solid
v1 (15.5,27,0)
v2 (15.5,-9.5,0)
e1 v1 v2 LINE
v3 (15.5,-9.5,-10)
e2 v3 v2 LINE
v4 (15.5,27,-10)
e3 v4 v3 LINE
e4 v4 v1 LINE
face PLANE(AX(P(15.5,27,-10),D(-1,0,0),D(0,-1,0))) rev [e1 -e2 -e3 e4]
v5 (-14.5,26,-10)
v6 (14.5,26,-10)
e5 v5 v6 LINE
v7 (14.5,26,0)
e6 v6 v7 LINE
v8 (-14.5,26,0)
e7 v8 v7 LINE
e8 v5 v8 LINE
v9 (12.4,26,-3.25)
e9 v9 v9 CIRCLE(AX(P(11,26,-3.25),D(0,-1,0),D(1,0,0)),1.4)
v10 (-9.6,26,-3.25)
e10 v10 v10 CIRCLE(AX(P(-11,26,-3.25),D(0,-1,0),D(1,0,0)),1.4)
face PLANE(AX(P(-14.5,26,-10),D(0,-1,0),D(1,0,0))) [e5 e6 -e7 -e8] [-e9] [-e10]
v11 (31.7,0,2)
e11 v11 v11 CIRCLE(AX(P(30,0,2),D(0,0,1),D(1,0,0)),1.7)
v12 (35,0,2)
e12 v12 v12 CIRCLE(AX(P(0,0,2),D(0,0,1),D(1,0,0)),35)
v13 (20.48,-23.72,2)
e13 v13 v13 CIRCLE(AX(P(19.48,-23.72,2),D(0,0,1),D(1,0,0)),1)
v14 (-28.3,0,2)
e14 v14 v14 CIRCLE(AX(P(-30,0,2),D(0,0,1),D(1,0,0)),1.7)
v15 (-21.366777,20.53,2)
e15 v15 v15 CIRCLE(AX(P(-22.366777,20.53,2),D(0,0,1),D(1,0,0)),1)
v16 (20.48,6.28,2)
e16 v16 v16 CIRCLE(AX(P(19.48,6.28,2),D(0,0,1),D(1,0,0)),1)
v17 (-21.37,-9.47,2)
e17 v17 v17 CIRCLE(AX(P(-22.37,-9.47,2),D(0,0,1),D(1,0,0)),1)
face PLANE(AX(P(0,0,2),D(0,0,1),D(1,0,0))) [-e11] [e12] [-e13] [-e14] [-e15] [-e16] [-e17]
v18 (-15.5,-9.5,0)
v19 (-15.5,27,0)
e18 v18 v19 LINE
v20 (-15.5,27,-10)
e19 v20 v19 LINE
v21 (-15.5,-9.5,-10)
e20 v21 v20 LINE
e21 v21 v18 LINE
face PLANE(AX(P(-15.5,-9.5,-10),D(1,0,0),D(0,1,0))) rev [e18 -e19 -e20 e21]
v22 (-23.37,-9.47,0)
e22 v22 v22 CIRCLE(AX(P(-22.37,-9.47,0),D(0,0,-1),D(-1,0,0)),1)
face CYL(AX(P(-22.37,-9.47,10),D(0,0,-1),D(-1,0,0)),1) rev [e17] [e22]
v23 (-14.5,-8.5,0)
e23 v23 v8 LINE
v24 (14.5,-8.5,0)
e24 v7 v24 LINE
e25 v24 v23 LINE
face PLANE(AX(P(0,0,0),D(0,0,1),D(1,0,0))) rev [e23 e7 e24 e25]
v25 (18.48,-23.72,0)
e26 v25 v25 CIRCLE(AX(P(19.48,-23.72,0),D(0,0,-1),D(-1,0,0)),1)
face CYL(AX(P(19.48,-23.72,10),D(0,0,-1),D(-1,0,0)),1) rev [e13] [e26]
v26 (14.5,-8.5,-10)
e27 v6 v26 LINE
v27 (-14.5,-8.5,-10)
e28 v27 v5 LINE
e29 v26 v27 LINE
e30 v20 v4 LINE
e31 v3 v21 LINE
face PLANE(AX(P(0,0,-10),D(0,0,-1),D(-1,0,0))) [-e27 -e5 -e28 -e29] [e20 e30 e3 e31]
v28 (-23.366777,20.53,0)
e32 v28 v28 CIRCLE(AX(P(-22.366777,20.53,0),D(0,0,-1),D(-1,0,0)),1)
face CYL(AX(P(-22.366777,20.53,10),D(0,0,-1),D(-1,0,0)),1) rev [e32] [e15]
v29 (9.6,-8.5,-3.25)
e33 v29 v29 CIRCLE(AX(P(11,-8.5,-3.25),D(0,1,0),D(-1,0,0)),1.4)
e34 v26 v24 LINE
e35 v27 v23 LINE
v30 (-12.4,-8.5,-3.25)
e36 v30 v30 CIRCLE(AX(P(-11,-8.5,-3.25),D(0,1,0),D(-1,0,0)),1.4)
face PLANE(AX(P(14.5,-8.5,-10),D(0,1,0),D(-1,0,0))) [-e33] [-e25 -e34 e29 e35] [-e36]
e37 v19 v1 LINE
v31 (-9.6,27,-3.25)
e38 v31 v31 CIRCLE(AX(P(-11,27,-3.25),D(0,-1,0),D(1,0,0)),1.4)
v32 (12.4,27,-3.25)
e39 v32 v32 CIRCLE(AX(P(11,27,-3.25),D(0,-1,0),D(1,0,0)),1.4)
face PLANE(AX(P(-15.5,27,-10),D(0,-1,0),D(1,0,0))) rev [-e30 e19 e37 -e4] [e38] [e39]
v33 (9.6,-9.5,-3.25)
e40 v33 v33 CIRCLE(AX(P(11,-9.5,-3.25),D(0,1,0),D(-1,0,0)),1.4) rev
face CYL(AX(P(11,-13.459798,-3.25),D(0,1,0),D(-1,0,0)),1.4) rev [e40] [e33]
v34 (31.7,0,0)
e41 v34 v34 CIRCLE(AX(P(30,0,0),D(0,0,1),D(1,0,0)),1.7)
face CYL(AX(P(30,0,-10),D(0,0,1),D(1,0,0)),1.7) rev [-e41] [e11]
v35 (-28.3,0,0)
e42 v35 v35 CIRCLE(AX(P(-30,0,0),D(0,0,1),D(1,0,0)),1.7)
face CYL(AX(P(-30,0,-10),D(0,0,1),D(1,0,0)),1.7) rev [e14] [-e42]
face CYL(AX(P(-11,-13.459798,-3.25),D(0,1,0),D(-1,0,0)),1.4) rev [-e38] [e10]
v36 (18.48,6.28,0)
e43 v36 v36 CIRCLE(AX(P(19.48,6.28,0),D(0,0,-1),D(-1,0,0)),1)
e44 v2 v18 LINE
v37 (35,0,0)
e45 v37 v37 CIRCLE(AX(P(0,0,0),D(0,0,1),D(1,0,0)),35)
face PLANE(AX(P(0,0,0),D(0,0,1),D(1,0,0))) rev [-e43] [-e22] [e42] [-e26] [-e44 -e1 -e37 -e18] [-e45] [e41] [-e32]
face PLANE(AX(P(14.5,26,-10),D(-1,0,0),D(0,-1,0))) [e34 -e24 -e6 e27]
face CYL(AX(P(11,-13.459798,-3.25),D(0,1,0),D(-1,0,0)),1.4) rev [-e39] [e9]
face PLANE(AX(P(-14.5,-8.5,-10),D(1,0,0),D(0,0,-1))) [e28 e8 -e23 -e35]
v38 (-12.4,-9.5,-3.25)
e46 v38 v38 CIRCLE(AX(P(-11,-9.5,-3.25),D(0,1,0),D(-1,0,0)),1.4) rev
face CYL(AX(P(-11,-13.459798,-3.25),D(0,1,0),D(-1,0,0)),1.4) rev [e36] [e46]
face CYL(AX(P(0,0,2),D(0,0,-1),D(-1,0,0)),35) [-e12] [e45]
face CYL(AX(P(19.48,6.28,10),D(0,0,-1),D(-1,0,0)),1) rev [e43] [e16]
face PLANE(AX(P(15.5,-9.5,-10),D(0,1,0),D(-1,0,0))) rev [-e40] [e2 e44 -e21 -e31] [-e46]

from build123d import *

# Parameters (mm, degrees)
SKETCH1_R                      = 35
BOSS_EXTRUDE1_DEPTH            = 2
SKETCH2_W                      = 31
SKETCH2_H                      = 36.5
SKETCH2_W_2                    = 29
SKETCH2_H_2                    = 34.5
BOSS_EXTRUDE2_DEPTH            = 10
SKETCH3_R                      = 1
CUT_EXTRUDE1_DEPTH             = 10
CUT_EXTRUDE2_REACH             = 58.721
SKETCH5_R                      = 1.4
CUT_EXTRUDE2_DIRECTION_2_REACH = 58.721
SKETCH6_R                      = 1.7
CUT_EXTRUDE3_DEPTH             = 51.931326313


with BuildPart() as part:
    # Sketch1 → Boss-Extrude1 (new body)
    with BuildSketch(Plane.XY):
        Circle(SKETCH1_R)
    extrude(amount=BOSS_EXTRUDE1_DEPTH)

    # Sketch2 → Boss-Extrude2 (add)
    with BuildSketch(Plane(origin=(0, 0, 0), x_dir=(-1, 0, 0), z_dir=(0, 0, -1))):
        with Locations((0, 8.75)):
            Rectangle(SKETCH2_W, SKETCH2_H)
        with Locations((0, 8.75)):
            Rectangle(SKETCH2_W_2, SKETCH2_H_2, mode=Mode.SUBTRACT)
    extrude(amount=BOSS_EXTRUDE2_DEPTH)

    # Sketch3 → Cut-Extrude1 (cut)
    with BuildSketch(Plane(origin=(0, 0, 0), x_dir=(-1, 0, 0), z_dir=(0, 0, -1))):
        with Locations((22.366777203, 20.53)):
            Circle(SKETCH3_R)
        with Locations((22.37, -9.469999827)):
            Circle(SKETCH3_R)
        with Locations((-19.48, 6.28)):
            Circle(SKETCH3_R)
        with Locations((-19.48, -23.72)):
            Circle(SKETCH3_R)
    extrude(amount=-CUT_EXTRUDE1_DEPTH, mode=Mode.SUBTRACT)

    # Cut-Extrude2: up to this face of the body (flat: up to its plane)
    cut_extrude2_end = Plane(part.part.faces().sort_by_distance((0, -9.5, -5))[0])
    # Sketch5 → Cut-Extrude2 (cut, up to the picked face)
    with BuildSketch(Plane(origin=(0, -8.5, 0), x_dir=(1, 0, 0), z_dir=(0, 1, 0)), mode=Mode.PRIVATE) as cut_extrude2_sk1:
        with Locations((-11, 3.25)):
            Circle(SKETCH5_R)
    cut_extrude2_tool1 = split(extrude(cut_extrude2_sk1.sketch, amount=-CUT_EXTRUDE2_REACH, mode=Mode.PRIVATE), bisect_by=cut_extrude2_end, keep=Keep.BOTH, mode=Mode.PRIVATE)
    # Sketch5 → Cut-Extrude2 (cut, up to the picked face)
    with BuildSketch(Plane(origin=(0, -8.5, 0), x_dir=(1, 0, 0), z_dir=(0, 1, 0)), mode=Mode.PRIVATE) as cut_extrude2_sk2:
        with Locations((11, 3.25)):
            Circle(SKETCH5_R)
    cut_extrude2_tool2 = split(extrude(cut_extrude2_sk2.sketch, amount=-CUT_EXTRUDE2_REACH, mode=Mode.PRIVATE), bisect_by=cut_extrude2_end, keep=Keep.BOTH, mode=Mode.PRIVATE)
    add(cut_extrude2_tool1.solids().sort_by(Axis((-11, -8.5, -3.25), (0, -1, 0)))[0], mode=Mode.SUBTRACT)
    add(cut_extrude2_tool2.solids().sort_by(Axis((11, -8.5, -3.25), (0, -1, 0)))[0], mode=Mode.SUBTRACT)

    # Cut-Extrude2 direction 2: up to this face of the body (flat: up to its plane)
    cut_extrude2_direction_2_end = Plane(part.part.faces().sort_by_distance((0, 27, -5))[0])
    # Sketch5 → Cut-Extrude2 direction 2 (cut, up to the picked face)
    with BuildSketch(Plane(origin=(0, -8.5, 0), x_dir=(1, 0, 0), z_dir=(0, 1, 0)), mode=Mode.PRIVATE) as cut_extrude2_direction_2_sk1:
        with Locations((-11, 3.25)):
            Circle(SKETCH5_R)
    cut_extrude2_direction_2_tool1 = split(extrude(cut_extrude2_direction_2_sk1.sketch, amount=CUT_EXTRUDE2_DIRECTION_2_REACH, mode=Mode.PRIVATE), bisect_by=cut_extrude2_direction_2_end, keep=Keep.BOTH, mode=Mode.PRIVATE)
    # Sketch5 → Cut-Extrude2 direction 2 (cut, up to the picked face)
    with BuildSketch(Plane(origin=(0, -8.5, 0), x_dir=(1, 0, 0), z_dir=(0, 1, 0)), mode=Mode.PRIVATE) as cut_extrude2_direction_2_sk2:
        with Locations((11, 3.25)):
            Circle(SKETCH5_R)
    cut_extrude2_direction_2_tool2 = split(extrude(cut_extrude2_direction_2_sk2.sketch, amount=CUT_EXTRUDE2_DIRECTION_2_REACH, mode=Mode.PRIVATE), bisect_by=cut_extrude2_direction_2_end, keep=Keep.BOTH, mode=Mode.PRIVATE)
    add(cut_extrude2_direction_2_tool1.solids().sort_by(Axis((-11, -8.5, -3.25), (0, 1, 0)))[0], mode=Mode.SUBTRACT)
    add(cut_extrude2_direction_2_tool2.solids().sort_by(Axis((11, -8.5, -3.25), (0, 1, 0)))[0], mode=Mode.SUBTRACT)

    # Sketch6 → Cut-Extrude3 (cut, through all)
    with BuildSketch(Plane.XY.offset(2)):
        with Locations((30, 0)):
            Circle(SKETCH6_R)
        with Locations((-30, 0)):
            Circle(SKETCH6_R)
    extrude(amount=-CUT_EXTRUDE3_DEPTH, mode=Mode.SUBTRACT)


solid = part.part
